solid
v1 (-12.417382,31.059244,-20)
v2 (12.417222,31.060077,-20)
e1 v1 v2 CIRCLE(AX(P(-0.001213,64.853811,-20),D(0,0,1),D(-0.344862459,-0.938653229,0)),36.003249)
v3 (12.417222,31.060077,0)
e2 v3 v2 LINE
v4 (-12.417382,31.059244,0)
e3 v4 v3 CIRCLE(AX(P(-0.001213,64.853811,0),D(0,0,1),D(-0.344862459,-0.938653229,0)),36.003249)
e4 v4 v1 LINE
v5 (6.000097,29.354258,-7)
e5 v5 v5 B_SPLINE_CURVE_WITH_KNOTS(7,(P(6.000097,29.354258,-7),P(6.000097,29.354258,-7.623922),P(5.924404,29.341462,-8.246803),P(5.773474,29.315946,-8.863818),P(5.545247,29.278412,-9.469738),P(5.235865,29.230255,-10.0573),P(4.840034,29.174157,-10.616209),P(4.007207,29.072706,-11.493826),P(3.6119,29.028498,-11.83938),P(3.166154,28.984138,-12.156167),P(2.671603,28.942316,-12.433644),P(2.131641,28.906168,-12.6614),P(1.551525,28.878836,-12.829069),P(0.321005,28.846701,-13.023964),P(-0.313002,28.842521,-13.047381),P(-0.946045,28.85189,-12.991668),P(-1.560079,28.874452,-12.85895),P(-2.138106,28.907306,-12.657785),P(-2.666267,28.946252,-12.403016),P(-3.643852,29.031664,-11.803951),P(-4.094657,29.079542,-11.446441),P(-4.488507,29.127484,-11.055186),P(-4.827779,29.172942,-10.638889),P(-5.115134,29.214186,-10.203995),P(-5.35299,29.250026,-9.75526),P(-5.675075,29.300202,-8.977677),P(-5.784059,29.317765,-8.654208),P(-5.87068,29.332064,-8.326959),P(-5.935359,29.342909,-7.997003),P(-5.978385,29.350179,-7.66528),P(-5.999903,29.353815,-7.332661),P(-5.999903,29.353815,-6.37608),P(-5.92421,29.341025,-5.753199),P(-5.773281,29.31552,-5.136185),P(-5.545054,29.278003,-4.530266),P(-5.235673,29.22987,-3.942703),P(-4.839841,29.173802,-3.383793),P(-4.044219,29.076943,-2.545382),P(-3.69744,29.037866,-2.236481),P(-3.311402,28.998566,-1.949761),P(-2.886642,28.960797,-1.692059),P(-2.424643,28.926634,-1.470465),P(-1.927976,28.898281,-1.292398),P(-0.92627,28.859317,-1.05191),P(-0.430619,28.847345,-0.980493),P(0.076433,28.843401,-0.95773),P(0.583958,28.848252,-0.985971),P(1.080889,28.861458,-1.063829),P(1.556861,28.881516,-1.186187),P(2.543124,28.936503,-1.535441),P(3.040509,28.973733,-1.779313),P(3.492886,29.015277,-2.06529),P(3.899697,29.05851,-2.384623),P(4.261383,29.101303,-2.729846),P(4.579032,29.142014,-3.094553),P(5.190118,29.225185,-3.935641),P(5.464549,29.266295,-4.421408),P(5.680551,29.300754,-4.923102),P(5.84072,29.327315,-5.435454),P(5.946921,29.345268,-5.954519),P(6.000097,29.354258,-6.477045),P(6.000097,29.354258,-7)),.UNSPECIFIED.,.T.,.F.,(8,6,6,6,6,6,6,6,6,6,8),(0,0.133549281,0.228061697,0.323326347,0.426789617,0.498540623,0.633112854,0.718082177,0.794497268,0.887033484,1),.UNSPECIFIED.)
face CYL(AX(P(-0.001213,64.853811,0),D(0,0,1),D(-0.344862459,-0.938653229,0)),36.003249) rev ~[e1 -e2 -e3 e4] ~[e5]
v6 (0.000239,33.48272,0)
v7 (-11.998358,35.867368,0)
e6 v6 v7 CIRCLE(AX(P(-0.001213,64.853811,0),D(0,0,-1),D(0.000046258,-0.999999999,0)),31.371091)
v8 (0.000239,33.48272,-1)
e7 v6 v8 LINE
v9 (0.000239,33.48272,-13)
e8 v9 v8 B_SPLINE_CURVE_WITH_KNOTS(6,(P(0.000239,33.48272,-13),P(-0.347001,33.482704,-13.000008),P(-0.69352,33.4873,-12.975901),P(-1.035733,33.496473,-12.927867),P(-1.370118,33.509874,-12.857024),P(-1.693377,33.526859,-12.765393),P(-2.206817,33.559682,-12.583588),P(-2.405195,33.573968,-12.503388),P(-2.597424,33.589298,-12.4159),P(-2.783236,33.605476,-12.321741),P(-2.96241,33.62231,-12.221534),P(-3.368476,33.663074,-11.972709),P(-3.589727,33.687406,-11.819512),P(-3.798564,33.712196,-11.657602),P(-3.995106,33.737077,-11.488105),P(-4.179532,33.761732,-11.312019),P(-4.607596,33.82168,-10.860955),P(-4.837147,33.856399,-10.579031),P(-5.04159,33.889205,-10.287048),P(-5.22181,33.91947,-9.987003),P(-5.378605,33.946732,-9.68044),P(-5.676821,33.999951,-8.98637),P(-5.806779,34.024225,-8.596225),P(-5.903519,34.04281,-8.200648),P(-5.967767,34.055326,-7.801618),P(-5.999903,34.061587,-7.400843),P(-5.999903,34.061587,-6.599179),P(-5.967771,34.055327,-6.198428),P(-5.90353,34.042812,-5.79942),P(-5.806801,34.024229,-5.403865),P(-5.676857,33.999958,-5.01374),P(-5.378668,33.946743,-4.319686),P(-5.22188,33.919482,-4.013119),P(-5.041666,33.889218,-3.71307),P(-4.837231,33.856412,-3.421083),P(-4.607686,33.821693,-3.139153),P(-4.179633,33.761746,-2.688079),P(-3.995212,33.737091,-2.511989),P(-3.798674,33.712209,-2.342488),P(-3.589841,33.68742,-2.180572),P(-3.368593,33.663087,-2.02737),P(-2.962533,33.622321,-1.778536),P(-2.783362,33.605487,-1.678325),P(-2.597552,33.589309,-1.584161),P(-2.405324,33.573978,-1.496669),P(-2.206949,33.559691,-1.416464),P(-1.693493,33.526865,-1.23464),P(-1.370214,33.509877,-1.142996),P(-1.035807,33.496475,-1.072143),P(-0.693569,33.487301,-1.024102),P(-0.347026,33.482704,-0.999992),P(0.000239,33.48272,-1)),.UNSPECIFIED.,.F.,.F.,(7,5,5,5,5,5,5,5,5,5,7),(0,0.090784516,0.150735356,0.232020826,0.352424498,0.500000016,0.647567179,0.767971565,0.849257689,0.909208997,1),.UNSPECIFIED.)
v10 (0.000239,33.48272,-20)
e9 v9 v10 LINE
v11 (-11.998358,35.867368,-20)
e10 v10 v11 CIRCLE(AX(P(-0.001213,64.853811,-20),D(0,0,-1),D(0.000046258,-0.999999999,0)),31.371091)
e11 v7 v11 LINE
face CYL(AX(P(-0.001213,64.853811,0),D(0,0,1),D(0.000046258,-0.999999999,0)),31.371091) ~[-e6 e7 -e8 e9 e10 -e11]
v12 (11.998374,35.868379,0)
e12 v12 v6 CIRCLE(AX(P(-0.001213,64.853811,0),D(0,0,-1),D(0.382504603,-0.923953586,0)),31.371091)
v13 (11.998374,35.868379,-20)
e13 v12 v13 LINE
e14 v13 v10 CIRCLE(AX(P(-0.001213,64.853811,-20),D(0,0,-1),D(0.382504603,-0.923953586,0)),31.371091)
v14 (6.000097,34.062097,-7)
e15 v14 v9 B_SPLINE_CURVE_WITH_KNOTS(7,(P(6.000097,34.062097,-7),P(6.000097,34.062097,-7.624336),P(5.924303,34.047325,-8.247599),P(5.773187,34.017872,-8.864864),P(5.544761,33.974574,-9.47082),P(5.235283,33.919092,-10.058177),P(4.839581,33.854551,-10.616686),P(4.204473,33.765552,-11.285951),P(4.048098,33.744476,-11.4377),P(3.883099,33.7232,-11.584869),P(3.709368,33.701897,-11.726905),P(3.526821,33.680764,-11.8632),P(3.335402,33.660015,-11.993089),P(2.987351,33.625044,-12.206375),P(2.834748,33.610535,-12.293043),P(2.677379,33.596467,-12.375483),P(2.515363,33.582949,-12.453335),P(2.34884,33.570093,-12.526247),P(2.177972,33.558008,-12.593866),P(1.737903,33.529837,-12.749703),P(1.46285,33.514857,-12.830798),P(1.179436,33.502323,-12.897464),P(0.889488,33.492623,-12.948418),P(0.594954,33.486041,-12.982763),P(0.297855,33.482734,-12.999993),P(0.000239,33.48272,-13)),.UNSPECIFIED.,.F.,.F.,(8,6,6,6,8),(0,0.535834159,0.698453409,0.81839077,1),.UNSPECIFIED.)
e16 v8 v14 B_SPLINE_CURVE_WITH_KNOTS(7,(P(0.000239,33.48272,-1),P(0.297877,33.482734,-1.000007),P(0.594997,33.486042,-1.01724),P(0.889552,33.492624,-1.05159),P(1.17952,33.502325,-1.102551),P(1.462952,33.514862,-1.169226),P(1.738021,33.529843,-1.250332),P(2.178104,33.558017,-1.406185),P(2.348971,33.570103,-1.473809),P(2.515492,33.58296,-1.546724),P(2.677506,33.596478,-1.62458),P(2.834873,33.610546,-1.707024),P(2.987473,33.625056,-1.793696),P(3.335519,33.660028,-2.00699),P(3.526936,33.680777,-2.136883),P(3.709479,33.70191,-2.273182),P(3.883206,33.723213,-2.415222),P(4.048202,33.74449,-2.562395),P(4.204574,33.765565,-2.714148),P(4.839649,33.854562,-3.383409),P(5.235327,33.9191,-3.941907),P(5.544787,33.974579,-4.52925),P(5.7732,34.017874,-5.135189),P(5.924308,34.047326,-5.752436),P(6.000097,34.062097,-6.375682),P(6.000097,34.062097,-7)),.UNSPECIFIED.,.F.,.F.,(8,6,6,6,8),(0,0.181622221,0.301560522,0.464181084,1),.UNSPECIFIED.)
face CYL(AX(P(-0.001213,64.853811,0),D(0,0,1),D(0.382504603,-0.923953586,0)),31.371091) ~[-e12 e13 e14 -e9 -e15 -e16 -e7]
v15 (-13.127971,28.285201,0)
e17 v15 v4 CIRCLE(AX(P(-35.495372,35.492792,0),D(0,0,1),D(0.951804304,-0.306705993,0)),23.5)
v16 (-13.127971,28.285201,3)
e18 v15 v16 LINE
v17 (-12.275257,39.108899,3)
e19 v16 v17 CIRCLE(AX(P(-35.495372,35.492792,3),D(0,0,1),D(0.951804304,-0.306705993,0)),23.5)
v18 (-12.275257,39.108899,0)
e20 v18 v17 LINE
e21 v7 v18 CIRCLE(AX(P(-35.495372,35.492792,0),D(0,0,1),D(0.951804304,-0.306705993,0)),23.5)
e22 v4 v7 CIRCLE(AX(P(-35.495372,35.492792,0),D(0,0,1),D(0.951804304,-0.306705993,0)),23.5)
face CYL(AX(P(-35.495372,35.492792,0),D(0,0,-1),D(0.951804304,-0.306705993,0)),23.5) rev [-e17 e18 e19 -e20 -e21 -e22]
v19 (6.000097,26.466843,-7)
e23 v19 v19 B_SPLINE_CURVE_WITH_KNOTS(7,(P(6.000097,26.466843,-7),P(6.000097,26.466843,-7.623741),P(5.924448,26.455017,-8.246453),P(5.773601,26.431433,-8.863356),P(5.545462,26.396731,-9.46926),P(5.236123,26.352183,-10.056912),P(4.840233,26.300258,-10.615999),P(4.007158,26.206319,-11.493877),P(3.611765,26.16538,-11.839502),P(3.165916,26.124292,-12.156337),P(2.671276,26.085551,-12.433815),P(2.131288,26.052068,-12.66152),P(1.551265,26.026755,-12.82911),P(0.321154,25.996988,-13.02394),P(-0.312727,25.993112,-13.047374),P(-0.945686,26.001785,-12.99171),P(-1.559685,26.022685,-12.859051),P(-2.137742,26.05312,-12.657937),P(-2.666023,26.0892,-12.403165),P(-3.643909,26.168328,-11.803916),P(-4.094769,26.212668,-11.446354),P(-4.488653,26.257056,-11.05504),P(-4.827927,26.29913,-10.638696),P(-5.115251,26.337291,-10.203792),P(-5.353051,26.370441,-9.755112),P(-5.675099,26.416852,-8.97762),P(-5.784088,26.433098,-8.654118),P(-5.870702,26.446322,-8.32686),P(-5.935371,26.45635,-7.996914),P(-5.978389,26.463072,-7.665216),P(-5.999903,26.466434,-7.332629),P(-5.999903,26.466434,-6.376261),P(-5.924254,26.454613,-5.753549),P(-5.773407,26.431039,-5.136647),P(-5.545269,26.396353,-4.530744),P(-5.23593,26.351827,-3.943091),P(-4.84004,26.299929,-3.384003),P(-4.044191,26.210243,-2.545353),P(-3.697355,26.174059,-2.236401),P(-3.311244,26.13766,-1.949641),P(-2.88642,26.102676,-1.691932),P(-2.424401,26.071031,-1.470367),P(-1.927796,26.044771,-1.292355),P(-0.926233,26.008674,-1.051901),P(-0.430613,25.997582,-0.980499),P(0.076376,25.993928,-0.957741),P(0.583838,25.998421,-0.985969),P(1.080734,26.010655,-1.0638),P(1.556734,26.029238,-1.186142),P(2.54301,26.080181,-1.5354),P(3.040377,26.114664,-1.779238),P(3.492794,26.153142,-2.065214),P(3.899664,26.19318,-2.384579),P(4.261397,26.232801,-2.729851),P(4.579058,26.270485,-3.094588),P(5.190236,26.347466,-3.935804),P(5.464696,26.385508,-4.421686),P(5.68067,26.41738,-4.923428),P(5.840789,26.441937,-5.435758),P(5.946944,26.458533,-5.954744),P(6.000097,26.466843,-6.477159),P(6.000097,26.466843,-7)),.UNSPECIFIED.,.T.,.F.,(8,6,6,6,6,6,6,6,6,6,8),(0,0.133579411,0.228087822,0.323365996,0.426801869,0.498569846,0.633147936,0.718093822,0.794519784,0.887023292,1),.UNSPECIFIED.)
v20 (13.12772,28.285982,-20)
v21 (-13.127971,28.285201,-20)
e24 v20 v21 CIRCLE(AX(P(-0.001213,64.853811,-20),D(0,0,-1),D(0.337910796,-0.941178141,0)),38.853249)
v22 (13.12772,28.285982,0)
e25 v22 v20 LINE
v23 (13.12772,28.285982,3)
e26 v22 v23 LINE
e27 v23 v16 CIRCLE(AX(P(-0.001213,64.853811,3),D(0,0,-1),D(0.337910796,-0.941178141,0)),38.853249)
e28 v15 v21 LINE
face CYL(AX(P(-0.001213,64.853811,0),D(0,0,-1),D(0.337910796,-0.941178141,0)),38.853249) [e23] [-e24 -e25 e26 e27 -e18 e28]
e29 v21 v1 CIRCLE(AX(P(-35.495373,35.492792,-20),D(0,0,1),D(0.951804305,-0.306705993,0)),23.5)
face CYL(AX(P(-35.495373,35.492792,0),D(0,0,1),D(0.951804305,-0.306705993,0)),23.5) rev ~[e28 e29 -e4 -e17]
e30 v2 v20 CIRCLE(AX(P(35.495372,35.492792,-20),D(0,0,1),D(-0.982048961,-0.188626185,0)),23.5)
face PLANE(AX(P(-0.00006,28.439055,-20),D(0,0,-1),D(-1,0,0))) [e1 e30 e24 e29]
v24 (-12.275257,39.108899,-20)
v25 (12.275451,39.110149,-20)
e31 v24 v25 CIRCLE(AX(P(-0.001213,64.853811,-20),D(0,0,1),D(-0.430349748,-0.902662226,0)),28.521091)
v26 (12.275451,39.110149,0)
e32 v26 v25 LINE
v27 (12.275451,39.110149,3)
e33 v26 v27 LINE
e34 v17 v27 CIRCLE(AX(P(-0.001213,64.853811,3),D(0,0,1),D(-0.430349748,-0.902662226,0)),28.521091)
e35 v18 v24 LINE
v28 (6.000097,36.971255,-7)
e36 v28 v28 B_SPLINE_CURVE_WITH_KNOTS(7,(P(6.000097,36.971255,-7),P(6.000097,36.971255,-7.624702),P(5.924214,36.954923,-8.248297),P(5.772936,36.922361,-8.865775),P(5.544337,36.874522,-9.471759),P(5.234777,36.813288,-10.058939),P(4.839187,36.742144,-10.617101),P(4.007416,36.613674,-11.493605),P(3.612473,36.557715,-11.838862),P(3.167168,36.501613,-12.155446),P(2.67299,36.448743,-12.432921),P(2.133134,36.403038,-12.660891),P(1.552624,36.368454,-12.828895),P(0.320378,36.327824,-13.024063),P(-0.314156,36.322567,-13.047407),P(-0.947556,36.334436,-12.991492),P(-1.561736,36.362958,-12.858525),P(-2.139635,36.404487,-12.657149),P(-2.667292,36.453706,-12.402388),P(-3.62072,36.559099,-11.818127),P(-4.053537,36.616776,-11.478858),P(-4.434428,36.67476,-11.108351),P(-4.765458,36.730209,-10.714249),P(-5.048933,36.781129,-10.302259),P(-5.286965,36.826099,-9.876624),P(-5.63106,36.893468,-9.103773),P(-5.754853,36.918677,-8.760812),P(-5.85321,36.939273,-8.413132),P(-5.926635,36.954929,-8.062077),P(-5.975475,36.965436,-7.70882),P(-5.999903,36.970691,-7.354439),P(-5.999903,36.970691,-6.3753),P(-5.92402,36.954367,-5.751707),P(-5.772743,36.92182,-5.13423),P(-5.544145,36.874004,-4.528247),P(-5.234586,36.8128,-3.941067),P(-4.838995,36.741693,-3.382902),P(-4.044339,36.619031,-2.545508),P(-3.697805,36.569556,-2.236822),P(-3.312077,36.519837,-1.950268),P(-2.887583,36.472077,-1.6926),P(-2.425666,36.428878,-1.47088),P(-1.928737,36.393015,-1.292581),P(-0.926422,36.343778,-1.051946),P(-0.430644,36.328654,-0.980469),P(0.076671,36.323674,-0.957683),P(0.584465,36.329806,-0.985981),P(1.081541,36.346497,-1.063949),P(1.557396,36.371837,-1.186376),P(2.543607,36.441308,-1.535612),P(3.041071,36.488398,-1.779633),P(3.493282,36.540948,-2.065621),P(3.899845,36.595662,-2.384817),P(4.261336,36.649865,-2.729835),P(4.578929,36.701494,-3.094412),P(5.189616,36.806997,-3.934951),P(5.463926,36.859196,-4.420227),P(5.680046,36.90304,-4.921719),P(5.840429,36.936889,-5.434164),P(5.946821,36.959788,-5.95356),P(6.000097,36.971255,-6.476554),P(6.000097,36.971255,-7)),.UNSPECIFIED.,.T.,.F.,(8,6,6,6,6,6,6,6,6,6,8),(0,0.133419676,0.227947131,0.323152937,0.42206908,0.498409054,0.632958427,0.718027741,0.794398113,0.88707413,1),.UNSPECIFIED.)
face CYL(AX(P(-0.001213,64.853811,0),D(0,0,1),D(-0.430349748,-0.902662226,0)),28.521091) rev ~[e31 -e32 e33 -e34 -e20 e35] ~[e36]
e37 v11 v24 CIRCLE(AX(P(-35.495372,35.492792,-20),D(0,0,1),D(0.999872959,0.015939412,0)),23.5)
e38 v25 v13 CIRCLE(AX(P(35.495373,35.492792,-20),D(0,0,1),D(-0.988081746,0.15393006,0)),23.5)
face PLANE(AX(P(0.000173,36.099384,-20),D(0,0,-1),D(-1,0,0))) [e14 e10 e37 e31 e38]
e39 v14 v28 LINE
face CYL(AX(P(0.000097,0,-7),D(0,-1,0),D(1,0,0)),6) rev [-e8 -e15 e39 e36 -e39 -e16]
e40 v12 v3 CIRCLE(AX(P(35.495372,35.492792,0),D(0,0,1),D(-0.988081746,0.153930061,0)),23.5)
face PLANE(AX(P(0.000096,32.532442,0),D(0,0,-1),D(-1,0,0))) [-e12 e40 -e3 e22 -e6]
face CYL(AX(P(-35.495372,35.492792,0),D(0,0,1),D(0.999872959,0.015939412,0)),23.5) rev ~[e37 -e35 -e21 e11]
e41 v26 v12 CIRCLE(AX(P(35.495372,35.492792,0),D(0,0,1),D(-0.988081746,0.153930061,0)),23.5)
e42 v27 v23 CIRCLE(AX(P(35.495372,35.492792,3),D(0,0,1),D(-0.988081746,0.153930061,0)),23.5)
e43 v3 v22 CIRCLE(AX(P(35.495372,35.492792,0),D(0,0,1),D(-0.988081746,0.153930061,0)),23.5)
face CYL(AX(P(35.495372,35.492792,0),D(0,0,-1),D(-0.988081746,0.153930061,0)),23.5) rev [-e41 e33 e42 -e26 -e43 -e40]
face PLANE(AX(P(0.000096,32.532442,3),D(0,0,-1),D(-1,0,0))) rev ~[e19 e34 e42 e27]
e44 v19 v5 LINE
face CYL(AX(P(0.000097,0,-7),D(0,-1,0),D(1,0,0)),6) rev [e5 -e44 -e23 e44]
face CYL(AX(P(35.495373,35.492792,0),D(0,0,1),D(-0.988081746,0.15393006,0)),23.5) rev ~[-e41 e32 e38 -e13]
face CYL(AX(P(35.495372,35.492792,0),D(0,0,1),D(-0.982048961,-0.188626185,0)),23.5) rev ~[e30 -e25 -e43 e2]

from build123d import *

# Parameters (mm, degrees)
BOSS_EXTRUDE1_DEPTH = 3
BOSS_EXTRUDE2_DEPTH = 20
SKETCH3_R           = 6
CUT_EXTRUDE1_DEPTH  = 58


with BuildPart() as part:
    # Sketch1 → Boss-Extrude1 (new body)
    with BuildSketch(Plane.XY):
        with BuildLine():
            ThreePointArc((12.275451386, 39.110148544), (12.067880772, 33.648168724), (13.127719813, 28.28598164))
            ThreePointArc((13.127719813, 28.28598164), (-5.7809e-05, 26.00056132), (-13.127971261, 28.285201272))
            ThreePointArc((-13.127971261, 28.285201272), (-12.06796259, 33.647129894), (-12.275256819, 39.10889939))
            ThreePointArc((-12.275256819, 39.10889939), (0.000238569, 36.332719941), (12.275451386, 39.110148544))
        make_face()
    extrude(amount=BOSS_EXTRUDE1_DEPTH)

    # Sketch2 → Boss-Extrude2 (add)
    with BuildSketch(Plane(origin=(0, 0, 0), x_dir=(-1, 0, 0), z_dir=(0, 0, -1))):
        with BuildLine():
            ThreePointArc((-0.000238569, 33.482719941), (6.116423648, 34.084515432), (11.998357864, 35.867368305))
            ThreePointArc((11.998357864, 35.867368305), (12.080645356, 37.492931332), (12.275256819, 39.10889939))
            ThreePointArc((12.275256819, 39.10889939), (-0.000238569, 36.332719941), (-12.275451386, 39.110148544))
            ThreePointArc((-12.275451386, 39.110148544), (-12.080742195, 37.494064654), (-11.998373995, 35.868378864))
            ThreePointArc((-11.998373995, 35.868378864), (-6.116717522, 34.085055957), (-0.000238569, 33.482719941))
        make_face()
        with BuildLine():
            ThreePointArc((-13.127719813, 28.28598164), (5.7809e-05, 26.00056132), (13.127971261, 28.285201272))
            ThreePointArc((13.127971261, 28.285201272), (12.730383089, 29.661389101), (12.417381714, 31.059244398))
            ThreePointArc((12.417381714, 31.059244398), (5.905e-06, 28.850561321), (-12.417221823, 31.060076762))
            ThreePointArc((-12.417221823, 31.060076762), (-12.730176217, 29.662196758), (-13.127719813, 28.28598164))
        make_face()
    extrude(amount=BOSS_EXTRUDE2_DEPTH)

    # Sketch3 → Cut-Extrude1 (cut)
    with BuildSketch(Plane(origin=(0, 0, 0), x_dir=(1, 0, 0), z_dir=(0, 1, 0))):
        with Locations((9.7284e-05, 7)):
            Circle(SKETCH3_R)
    extrude(amount=CUT_EXTRUDE1_DEPTH, mode=Mode.SUBTRACT)


solid = part.part
